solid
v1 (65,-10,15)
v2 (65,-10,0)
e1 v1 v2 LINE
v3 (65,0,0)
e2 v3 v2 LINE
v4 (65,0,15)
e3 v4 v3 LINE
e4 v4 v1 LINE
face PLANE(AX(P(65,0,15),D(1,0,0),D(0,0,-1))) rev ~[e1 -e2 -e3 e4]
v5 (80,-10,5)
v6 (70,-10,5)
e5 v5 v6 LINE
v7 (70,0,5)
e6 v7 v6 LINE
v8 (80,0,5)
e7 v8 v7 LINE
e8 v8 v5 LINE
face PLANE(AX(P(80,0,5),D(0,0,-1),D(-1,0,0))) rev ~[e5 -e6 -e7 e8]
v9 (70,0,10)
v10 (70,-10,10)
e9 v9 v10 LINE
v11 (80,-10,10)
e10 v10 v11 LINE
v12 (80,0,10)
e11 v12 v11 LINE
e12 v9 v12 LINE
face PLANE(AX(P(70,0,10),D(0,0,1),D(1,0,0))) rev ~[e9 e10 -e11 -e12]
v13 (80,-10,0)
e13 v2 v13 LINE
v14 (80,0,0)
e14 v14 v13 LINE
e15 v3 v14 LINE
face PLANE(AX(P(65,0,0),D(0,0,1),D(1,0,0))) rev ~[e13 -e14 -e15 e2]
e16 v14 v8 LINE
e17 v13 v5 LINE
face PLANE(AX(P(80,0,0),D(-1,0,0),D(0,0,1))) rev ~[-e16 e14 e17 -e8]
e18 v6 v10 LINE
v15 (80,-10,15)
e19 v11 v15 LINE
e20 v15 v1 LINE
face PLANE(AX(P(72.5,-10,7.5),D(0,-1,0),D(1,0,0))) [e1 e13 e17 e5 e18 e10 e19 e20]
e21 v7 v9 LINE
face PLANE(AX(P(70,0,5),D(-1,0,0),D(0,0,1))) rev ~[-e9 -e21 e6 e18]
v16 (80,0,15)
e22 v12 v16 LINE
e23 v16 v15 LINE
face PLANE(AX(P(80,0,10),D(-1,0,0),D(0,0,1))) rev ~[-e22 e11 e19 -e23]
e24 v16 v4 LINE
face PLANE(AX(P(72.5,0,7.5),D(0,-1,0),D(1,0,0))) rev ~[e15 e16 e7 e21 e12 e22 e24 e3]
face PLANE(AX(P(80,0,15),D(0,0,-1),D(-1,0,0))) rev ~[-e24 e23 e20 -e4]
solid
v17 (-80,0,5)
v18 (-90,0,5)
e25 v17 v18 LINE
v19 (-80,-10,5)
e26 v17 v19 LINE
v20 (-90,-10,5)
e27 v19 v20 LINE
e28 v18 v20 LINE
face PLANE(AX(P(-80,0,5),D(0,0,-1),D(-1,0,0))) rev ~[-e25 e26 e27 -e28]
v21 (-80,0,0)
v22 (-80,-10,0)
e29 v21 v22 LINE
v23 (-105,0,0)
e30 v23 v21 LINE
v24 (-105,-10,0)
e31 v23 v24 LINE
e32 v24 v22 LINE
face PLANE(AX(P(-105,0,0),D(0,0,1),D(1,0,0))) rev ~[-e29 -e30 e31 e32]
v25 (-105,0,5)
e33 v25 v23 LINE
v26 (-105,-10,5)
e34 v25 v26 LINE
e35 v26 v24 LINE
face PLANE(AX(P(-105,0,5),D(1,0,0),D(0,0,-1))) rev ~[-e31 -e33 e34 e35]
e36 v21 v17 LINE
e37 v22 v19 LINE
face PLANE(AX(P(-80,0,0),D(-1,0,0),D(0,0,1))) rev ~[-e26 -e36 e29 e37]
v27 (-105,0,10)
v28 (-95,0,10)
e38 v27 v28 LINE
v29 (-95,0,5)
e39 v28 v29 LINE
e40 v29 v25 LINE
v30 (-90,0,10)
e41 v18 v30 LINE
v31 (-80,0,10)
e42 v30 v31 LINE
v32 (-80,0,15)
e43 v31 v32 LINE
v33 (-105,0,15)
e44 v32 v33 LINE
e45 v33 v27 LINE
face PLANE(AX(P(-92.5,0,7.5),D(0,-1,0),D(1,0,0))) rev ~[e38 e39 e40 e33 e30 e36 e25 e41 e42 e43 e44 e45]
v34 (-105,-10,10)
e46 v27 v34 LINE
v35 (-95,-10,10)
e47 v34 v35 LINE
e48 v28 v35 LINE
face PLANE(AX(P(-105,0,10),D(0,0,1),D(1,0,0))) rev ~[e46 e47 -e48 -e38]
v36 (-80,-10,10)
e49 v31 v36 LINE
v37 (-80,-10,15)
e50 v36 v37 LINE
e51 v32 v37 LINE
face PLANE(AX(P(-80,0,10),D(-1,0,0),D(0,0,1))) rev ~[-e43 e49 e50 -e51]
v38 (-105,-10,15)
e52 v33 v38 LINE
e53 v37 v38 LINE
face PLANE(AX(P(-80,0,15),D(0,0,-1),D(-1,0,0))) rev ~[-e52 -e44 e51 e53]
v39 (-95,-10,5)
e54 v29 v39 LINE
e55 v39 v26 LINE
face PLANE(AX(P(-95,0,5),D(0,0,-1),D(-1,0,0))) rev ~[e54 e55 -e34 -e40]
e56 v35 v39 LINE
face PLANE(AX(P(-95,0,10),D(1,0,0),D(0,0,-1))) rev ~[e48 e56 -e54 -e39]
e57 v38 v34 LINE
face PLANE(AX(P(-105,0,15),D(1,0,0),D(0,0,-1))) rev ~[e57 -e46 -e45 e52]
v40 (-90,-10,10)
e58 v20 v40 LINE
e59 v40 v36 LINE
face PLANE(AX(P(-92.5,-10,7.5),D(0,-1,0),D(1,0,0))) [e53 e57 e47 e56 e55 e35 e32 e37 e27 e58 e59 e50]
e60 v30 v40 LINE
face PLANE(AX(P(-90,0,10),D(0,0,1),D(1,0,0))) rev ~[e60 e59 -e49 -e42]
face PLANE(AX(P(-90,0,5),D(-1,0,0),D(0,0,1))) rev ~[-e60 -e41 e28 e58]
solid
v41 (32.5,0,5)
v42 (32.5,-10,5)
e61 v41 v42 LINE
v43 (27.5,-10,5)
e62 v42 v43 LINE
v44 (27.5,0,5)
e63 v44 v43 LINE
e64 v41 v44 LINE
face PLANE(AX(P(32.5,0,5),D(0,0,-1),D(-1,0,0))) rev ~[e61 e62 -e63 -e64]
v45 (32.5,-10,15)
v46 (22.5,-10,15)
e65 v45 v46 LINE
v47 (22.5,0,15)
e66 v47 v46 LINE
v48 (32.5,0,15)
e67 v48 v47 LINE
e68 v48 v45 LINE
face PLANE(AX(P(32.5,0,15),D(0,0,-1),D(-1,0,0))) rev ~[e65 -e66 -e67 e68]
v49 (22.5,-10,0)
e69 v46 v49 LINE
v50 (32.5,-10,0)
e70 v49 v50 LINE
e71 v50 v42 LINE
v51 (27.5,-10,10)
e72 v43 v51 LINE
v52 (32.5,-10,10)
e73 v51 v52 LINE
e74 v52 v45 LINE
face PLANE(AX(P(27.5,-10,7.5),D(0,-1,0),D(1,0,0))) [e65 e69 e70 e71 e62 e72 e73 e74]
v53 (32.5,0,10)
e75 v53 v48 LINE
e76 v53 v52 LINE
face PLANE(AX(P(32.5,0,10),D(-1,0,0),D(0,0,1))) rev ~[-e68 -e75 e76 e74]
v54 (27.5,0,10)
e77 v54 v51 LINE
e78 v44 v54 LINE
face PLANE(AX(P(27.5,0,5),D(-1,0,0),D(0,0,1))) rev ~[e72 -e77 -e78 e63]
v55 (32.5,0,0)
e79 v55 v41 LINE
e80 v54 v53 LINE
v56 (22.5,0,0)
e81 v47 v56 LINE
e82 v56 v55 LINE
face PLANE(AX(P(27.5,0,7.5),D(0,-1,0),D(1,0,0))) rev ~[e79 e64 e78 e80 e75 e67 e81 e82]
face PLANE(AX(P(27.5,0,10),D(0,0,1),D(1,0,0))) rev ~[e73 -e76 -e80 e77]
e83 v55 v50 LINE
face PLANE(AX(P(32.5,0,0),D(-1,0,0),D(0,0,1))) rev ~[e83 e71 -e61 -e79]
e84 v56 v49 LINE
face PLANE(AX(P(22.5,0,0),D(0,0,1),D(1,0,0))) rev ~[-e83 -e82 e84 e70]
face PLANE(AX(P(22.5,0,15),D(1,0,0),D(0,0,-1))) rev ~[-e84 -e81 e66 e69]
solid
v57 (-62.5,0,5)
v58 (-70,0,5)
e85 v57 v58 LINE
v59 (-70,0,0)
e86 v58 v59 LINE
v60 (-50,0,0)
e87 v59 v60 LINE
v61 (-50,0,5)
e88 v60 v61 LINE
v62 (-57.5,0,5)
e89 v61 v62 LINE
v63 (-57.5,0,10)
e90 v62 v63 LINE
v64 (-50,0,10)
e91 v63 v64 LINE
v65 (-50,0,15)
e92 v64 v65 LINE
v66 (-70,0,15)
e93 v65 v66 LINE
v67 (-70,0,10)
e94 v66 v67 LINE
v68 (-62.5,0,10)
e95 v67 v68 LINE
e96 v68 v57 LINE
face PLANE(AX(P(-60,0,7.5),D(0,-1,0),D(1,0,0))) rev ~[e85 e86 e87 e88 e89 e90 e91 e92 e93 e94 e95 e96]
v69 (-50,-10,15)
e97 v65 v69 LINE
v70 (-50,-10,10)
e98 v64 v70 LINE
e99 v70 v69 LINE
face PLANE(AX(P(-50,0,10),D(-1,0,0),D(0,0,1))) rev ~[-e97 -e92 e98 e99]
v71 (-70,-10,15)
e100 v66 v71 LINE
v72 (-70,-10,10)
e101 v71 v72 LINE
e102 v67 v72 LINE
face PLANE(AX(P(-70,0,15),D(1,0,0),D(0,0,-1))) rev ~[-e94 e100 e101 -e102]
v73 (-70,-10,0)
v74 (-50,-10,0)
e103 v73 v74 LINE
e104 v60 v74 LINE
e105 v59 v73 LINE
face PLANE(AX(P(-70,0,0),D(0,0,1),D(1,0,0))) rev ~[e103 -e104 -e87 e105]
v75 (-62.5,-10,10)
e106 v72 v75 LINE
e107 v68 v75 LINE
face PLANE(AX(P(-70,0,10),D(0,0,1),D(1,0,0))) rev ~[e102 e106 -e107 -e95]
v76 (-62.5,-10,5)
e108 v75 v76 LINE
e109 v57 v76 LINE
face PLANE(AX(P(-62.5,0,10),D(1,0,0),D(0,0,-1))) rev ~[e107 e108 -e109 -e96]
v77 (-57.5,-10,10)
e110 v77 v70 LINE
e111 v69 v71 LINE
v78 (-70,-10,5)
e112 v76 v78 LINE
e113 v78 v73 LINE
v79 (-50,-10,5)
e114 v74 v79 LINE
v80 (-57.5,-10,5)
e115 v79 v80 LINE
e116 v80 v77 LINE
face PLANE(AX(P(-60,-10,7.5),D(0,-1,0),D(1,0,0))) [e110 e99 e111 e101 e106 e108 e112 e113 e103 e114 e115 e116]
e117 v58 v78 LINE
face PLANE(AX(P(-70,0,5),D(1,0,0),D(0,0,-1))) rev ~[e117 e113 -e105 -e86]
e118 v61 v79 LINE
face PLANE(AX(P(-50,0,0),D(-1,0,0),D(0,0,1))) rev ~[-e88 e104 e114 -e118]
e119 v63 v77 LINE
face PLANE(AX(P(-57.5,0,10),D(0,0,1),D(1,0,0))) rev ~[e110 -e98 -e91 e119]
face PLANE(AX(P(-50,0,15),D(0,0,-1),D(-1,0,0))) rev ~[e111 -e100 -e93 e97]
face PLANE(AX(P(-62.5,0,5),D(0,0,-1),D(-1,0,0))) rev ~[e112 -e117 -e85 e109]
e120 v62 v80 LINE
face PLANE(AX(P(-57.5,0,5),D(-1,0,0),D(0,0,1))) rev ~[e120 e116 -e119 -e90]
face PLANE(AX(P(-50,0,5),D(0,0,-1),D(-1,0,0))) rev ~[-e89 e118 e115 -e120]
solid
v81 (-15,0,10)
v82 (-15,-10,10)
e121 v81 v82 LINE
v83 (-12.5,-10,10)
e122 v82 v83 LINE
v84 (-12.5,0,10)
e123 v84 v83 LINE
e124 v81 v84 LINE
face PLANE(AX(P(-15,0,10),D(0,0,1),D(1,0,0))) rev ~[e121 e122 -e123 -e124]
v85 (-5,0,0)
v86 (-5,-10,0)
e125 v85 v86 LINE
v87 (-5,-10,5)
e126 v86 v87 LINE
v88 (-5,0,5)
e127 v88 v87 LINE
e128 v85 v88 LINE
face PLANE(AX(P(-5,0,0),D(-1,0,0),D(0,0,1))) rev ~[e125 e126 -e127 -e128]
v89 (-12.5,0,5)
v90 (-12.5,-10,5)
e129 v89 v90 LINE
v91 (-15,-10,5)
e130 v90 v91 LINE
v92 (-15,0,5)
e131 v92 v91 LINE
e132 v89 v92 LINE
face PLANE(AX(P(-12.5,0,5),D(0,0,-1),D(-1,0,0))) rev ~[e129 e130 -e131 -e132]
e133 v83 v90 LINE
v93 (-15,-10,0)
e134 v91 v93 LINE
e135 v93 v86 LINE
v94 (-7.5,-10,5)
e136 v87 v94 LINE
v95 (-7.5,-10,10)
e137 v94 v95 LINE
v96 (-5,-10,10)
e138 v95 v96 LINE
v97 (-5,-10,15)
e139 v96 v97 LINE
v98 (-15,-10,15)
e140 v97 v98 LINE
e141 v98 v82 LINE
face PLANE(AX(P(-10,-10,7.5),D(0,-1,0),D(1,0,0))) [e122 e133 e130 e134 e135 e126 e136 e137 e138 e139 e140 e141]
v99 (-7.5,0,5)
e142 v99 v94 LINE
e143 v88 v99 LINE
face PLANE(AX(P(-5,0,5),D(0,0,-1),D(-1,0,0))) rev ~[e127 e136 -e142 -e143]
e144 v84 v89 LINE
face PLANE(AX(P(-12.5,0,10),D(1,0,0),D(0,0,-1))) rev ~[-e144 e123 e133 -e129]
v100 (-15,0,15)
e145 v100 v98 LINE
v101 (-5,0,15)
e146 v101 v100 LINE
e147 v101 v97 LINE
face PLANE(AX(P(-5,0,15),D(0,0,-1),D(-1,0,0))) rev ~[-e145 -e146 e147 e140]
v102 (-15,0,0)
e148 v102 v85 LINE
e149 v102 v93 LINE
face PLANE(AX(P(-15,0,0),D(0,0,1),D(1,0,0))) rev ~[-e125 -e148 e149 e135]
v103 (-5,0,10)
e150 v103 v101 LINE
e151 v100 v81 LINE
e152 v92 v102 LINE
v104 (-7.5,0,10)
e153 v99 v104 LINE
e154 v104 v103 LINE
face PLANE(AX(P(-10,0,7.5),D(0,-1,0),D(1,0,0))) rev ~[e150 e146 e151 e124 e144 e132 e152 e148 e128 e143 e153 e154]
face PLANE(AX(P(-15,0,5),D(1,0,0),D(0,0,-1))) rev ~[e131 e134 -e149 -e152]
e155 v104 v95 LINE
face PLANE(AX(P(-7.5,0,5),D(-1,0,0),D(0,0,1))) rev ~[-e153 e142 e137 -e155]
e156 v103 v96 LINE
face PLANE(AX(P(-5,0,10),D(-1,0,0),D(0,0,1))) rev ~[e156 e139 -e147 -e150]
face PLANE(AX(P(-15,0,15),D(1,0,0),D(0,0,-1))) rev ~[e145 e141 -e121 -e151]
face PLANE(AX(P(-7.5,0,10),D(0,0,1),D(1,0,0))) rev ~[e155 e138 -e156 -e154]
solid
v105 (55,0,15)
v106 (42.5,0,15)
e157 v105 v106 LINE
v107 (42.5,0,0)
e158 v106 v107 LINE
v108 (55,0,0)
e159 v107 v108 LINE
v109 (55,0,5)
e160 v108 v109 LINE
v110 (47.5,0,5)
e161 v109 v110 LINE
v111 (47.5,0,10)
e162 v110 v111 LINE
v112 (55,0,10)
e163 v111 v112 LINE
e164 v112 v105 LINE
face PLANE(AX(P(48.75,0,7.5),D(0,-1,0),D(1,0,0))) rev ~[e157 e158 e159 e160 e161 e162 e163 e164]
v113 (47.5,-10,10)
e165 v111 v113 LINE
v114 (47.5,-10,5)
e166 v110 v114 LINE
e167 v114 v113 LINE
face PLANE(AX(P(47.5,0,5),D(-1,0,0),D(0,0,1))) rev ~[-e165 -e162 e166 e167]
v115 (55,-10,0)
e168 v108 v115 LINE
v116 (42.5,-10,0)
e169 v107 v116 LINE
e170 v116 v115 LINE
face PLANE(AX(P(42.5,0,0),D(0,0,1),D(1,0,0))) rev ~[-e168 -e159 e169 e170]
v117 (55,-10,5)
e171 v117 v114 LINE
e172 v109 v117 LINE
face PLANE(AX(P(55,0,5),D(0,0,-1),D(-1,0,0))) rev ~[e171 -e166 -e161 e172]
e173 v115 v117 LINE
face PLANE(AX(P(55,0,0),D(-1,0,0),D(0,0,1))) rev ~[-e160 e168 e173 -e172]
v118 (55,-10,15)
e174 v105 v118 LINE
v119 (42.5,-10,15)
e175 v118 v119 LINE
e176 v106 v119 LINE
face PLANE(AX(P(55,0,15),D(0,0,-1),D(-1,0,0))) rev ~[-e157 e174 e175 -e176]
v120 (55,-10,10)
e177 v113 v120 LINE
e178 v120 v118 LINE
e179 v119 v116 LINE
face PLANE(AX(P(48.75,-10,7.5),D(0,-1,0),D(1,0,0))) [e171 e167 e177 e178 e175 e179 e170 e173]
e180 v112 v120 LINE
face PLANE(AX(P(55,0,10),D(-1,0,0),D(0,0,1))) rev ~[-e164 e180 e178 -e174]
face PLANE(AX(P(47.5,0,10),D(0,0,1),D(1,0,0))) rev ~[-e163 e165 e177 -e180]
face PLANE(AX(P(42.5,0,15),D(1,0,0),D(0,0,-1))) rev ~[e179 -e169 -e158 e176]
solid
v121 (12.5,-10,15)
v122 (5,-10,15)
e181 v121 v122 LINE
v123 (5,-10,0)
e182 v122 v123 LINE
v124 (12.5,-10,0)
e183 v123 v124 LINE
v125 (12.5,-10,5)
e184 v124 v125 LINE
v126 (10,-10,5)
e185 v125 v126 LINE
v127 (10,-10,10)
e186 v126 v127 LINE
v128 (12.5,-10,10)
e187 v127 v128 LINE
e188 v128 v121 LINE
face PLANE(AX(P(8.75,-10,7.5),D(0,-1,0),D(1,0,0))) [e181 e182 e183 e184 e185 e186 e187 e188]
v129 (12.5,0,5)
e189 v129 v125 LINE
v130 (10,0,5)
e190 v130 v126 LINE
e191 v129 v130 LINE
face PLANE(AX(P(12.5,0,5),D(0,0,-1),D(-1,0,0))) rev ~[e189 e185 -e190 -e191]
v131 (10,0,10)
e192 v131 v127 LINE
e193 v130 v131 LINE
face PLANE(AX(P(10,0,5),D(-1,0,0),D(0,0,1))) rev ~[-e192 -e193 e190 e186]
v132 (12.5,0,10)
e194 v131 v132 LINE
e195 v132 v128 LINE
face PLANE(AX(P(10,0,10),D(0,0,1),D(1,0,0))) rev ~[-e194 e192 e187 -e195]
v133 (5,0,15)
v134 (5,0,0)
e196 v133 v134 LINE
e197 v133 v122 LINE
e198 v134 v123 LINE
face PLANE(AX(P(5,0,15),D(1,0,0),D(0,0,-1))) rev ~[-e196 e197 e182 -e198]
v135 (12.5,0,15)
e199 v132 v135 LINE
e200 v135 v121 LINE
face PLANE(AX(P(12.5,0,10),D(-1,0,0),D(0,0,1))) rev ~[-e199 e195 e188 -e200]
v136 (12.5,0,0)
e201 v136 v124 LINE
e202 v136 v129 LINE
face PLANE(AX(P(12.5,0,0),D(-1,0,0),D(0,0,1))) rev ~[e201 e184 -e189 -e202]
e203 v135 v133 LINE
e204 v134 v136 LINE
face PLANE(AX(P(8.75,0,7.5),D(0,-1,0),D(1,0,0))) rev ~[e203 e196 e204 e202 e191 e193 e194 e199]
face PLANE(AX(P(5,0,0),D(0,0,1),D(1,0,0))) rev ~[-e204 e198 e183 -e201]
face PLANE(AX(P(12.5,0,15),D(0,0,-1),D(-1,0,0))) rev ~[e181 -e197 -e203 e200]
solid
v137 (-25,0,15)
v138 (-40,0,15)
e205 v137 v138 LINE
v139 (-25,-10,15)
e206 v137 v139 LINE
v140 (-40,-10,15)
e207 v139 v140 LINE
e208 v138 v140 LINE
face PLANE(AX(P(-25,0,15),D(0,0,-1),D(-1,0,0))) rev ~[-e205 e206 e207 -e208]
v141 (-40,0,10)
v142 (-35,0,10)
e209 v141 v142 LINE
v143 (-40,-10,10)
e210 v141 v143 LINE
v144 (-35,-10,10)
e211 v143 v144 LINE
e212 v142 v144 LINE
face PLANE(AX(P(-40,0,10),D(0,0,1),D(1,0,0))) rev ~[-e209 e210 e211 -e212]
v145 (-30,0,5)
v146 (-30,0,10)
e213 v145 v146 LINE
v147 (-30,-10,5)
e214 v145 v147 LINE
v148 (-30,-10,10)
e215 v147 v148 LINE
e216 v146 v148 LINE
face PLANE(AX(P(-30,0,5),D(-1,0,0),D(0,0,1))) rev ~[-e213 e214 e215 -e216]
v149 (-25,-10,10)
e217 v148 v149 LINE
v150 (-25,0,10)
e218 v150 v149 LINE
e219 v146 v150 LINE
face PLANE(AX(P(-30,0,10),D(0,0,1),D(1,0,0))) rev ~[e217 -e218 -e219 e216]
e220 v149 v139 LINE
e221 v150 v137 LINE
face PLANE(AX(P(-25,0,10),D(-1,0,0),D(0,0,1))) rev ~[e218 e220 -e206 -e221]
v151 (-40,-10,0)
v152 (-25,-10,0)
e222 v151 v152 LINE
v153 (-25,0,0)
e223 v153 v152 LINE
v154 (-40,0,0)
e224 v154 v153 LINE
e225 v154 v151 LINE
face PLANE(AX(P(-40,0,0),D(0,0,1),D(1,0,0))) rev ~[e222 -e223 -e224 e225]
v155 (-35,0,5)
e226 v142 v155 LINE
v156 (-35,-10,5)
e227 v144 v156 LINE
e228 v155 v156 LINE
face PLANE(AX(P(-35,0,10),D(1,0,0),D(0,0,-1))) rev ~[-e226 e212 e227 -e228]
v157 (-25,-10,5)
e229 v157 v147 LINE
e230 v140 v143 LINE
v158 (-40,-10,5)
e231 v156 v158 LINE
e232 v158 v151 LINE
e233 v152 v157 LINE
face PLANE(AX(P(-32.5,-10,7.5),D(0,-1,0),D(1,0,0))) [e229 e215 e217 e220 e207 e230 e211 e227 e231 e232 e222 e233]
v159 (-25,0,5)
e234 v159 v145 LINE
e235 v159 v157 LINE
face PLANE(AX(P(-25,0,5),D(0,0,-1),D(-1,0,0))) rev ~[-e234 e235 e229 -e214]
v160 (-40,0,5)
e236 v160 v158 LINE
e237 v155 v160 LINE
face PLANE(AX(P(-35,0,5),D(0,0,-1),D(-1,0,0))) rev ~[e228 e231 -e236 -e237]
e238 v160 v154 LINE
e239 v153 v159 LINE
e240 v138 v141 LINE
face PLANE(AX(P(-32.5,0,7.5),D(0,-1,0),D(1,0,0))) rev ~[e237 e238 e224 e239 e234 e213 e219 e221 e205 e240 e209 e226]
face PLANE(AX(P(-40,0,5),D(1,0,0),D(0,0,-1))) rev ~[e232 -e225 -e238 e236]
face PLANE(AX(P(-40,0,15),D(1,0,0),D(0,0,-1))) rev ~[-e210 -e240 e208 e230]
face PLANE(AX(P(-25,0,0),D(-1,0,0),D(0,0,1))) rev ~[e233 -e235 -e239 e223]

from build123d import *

# Parameters (mm, degrees)
F1_DEPTH = 10
F3_DEPTH = 10


with BuildPart() as f1:
    # F0 (on Front) → F1 (new body)
    with BuildSketch(Plane.XZ):
        Polygon((12.5, 15), (5, 15), (5, 0), (12.5, 0), (12.5, 5), (10, 5), (10, 10), (12.5, 10), align=None)
        Polygon((32.5, 15), (22.5, 15), (22.5, 0), (32.5, 0), (32.5, 5), (27.5, 5), (27.5, 10), (32.5, 10), align=None)
        Polygon((55, 15), (42.5, 15), (42.5, 0), (55, 0), (55, 5), (47.5, 5), (47.5, 10), (55, 10), align=None)
        Polygon((80, 15), (65, 15), (65, 0), (80, 0), (80, 5), (70, 5), (70, 10), (80, 10), align=None)
    extrude(amount=F1_DEPTH)


with BuildPart() as f3:
    # F2 (on Front) → F3 (new body)
    with BuildSketch(Plane.XZ):
        Polygon((-105, 0), (-80, 0), (-80, 5), (-90, 5), (-90, 10), (-80, 10), (-80, 15), (-105, 15), (-105, 10), (-95, 10), (-95, 5), (-105, 5), align=None)
        Polygon((-70, 0), (-50, 0), (-50, 5), (-57.5, 5), (-57.5, 10), (-50, 10), (-50, 15), (-70, 15), (-70, 10), (-62.5, 10), (-62.5, 5), (-70, 5), align=None)
        Polygon((-40, 0), (-25, 0), (-25, 5), (-30, 5), (-30, 10), (-25, 10), (-25, 15), (-40, 15), (-40, 10), (-35, 10), (-35, 5), (-40, 5), align=None)
        Polygon((-15, 0), (-5, 0), (-5, 5), (-7.5, 5), (-7.5, 10), (-5, 10), (-5, 15), (-15, 15), (-15, 10), (-12.5, 10), (-12.5, 5), (-15, 5), align=None)
    extrude(amount=F3_DEPTH)


solid = Compound([f1.part, f3.part])
